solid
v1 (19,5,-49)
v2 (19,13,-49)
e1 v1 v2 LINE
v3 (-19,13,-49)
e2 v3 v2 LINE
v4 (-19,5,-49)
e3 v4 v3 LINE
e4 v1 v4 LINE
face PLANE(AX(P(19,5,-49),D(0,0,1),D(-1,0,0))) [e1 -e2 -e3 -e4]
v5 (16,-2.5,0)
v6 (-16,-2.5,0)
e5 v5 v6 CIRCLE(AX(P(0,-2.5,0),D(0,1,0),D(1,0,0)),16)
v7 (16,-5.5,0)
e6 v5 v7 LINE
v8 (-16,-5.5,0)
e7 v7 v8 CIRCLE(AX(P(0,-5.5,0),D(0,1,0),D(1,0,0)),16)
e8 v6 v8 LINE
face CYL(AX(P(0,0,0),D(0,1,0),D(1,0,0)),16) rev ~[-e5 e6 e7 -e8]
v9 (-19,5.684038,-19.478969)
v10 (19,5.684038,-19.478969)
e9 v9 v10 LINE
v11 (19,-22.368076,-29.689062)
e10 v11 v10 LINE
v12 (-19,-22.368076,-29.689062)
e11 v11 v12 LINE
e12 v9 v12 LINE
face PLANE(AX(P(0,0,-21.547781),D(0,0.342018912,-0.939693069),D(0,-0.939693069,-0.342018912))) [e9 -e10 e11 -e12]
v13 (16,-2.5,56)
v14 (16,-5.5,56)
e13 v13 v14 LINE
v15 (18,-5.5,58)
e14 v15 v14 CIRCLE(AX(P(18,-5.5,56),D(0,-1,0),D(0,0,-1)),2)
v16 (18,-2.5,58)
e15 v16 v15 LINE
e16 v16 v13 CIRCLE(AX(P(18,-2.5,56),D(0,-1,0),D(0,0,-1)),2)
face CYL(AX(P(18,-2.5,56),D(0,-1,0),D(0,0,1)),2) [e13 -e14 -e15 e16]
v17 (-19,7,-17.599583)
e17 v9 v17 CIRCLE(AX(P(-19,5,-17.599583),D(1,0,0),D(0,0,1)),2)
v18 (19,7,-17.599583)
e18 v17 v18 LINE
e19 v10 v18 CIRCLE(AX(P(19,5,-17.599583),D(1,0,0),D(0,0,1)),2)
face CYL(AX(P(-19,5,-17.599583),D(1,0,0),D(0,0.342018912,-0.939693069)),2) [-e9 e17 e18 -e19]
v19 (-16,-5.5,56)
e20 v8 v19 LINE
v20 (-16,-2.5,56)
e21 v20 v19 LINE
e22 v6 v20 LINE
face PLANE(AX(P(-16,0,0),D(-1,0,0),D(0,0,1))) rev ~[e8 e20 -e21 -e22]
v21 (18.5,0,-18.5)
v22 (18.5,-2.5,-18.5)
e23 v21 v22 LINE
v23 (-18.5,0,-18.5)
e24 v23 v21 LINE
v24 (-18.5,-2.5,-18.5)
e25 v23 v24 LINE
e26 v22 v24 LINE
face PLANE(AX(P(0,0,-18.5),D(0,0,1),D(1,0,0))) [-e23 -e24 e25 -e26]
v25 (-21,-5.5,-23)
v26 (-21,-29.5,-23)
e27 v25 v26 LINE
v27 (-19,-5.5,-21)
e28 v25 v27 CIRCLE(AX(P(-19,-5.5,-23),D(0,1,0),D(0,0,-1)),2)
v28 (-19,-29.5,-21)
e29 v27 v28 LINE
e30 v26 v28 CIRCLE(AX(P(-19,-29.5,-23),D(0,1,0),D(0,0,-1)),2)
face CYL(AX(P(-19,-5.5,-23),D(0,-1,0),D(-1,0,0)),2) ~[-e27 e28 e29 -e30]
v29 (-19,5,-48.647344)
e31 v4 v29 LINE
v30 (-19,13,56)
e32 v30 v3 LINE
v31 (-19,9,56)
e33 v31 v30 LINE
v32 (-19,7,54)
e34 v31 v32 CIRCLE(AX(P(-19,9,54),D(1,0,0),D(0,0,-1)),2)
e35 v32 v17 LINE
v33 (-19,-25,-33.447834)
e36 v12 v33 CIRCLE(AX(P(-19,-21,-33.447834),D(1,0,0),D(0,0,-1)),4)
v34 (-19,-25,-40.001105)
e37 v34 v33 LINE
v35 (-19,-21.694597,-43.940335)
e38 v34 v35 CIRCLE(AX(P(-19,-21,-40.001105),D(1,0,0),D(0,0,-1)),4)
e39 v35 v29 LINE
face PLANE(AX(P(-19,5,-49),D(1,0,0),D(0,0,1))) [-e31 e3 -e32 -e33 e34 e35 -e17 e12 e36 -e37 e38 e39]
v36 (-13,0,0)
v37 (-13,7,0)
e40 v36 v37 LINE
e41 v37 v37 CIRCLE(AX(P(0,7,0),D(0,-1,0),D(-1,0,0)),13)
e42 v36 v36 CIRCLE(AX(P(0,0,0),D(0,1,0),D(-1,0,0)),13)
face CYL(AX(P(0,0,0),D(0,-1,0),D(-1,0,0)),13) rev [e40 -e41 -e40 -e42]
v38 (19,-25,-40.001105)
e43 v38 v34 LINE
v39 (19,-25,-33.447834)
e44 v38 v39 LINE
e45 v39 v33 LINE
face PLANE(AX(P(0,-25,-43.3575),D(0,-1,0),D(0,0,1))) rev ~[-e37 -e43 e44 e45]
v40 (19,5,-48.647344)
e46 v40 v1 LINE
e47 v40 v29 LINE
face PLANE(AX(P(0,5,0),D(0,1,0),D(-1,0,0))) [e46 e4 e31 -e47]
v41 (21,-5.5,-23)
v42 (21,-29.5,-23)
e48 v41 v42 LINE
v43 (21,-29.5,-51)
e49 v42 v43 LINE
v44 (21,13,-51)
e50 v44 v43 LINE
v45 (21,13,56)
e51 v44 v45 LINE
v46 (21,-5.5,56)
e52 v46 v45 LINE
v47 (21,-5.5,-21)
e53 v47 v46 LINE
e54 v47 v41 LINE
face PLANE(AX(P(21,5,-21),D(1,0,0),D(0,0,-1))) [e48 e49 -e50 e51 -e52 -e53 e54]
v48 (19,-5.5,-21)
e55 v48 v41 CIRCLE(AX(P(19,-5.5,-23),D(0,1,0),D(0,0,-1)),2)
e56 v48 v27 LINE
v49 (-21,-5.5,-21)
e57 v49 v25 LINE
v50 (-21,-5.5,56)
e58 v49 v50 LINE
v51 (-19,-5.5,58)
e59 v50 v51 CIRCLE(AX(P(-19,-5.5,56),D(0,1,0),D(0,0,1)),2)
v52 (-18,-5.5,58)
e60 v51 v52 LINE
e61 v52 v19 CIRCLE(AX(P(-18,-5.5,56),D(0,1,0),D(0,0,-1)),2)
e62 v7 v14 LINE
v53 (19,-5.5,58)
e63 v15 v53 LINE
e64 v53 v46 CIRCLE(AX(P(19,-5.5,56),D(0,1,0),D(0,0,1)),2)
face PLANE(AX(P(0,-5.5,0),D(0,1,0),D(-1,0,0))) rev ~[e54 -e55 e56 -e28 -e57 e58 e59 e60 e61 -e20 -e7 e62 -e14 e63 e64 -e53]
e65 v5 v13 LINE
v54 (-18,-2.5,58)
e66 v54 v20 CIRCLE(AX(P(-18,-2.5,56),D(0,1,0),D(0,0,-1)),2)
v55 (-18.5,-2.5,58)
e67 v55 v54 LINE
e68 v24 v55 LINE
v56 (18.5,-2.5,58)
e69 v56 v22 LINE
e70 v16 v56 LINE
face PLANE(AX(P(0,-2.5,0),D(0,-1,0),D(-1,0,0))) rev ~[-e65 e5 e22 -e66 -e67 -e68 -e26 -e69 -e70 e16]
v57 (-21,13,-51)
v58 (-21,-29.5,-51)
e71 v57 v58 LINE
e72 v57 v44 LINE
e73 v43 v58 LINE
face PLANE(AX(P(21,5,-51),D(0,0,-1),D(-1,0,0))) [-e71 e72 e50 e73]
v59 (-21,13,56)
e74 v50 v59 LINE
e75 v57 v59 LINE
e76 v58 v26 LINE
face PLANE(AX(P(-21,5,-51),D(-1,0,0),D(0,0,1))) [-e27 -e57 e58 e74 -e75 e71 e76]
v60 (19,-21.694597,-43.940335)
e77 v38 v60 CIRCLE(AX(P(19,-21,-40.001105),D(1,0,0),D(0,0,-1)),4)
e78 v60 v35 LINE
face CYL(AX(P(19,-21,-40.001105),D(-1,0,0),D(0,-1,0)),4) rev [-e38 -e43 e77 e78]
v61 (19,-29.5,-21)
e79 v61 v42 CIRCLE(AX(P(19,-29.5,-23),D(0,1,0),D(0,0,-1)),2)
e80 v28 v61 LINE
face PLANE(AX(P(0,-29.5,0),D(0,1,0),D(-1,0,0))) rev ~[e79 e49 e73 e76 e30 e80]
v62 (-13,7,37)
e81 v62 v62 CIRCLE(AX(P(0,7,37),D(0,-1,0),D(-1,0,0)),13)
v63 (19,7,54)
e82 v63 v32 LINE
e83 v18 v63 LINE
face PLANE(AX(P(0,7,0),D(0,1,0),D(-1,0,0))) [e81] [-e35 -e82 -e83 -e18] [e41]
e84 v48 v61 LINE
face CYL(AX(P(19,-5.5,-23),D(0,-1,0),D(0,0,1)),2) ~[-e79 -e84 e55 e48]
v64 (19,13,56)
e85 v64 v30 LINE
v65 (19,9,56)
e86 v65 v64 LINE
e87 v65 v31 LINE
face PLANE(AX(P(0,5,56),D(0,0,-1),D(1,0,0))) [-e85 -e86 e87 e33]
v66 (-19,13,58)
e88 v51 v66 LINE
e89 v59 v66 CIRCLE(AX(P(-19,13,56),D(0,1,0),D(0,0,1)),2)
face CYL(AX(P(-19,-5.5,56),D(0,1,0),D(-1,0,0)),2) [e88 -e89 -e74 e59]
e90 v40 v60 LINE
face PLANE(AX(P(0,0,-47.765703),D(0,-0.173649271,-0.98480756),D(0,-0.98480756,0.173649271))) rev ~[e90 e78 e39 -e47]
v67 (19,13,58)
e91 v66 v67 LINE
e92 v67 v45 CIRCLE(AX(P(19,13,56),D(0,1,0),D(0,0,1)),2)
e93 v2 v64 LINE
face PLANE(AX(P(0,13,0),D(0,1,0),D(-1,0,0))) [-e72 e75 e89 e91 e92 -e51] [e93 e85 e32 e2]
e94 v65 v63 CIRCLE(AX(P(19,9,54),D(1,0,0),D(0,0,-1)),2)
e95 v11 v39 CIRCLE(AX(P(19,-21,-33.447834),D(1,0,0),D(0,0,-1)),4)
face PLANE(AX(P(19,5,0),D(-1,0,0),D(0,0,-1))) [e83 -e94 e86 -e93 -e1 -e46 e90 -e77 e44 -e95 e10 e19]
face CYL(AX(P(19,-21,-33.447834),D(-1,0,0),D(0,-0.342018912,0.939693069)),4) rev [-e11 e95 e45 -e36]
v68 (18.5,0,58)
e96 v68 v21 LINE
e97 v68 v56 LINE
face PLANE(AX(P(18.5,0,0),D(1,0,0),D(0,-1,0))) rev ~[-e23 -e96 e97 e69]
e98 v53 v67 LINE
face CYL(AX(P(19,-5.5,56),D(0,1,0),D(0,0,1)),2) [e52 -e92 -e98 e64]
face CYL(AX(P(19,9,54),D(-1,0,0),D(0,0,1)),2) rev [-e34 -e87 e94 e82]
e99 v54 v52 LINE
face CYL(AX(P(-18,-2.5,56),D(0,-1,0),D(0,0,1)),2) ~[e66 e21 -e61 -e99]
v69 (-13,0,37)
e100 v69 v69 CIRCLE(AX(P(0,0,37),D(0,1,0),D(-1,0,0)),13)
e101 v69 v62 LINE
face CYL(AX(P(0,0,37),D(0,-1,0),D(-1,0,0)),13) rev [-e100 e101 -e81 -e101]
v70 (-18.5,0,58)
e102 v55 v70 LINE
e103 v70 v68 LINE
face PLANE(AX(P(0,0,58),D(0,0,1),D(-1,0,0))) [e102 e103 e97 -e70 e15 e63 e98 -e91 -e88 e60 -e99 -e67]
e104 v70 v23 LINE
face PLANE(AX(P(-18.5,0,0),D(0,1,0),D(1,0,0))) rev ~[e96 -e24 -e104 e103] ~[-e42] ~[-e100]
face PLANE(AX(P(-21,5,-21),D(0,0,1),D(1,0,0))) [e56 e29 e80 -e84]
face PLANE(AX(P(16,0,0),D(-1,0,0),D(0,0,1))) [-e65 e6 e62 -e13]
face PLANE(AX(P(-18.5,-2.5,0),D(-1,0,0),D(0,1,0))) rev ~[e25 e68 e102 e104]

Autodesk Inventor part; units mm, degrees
ref_plane "YZ Plane" through (0, 0, 0) normal (1, 0, 0) x (0, 1, 0)
ref_plane "XY Plane" through (0, 0, 0) normal (0, 0, 1) x (1, 0, 0)
sketch "Sketch1" plane through (0, 0, 0) normal (0, 1, 0) x (-1, 0, 0)
  line L0 (25.9, 0) -> (-25.9, 0) projected
  line L1 (0, -25.9) -> (0, 25.9) projected
  circle A0 centre (0, 0) radius 18.5 construction
  circle A1 centre (0, 0) radius 13 construction
  dimension "d0" = 37
  dimension "d1" = 26
sketch "Sketch2" plane through (0, 0, 0) normal (0, 1, 0) x (-1, 0, 0)
  line L0 (29.4, 0) -> (-29.4, 0) projected
  line L1 (0, -36.8) -> (0, 73.8) projected
  line L2 (-21, 58) -> (-21, -21)
  line L3 (-21, -21) -> (21, -21)
  line L4 (21, -21) -> (21, 58)
  line L5 (-21, 58) -> (21, 58)
  point P0 (0, 0)
  dimension "d3" = 42
  dimension "d29" = 21
  dimension "d30" = 58
extrude "Extrusion1" add sketch "Sketch2" along normal blind 7
sketch "Sketch6" plane through (0, 0, 0) normal (0, 1, 0) x (-1, 0, 0)
  line L0 (21, -21) -> (-21, -21) projected
  line L1 (21, 58) -> (21, -21) projected
  line L2 (-21, -21) -> (21, -21)
  line L3 (21, -21) -> (21, 58)
  line L4 (-21, 58) -> (-21, -21)
  line L5 (29.4, 0) -> (-29.4, 0) projected
  line L6 (0, -36.3) -> (0, 70.8) projected
  arc A0 (-16, 0) -> (16, 0) centre (0, 0) ccw
  line L7 (16, 0) -> (16, 58)
  line L8 (21, 58) -> (-21, 58) projected
  line L9 (16, 58) -> (21, 58)
  line L10 (-16, 0) -> (-16, 58)
  line L11 (-16, 58) -> (-21, 58)
  point P0 (-17.3617, -21)
  dimension "d18" = 32
extrude "Extrusion5" add sketch "Sketch6" against normal blind 5.5 contours L0 L6 A0 L5 L1 | L0 L4 L5 A0 L6 | L5 L7 L8 L1 | L4 L8 L10 L5
sketch "Sketch4" plane through (0, 0, 0) normal (0, 0, 1) x (1, 0, 0)
  line L0 (-18.5, 0) -> (18.5, 0)
  line L1 (18.5, 0) -> (18.5, -2.5)
  line L2 (18.5, -2.5) -> (-18.5, -2.5)
  line L3 (-18.5, -2.5) -> (-18.5, 0)
  line L4 (-25.9, 0) -> (25.9, 0) projected
  line L5 (0, -3) -> (0, 0.5) projected
  point P0 (0, 0)
  dimension "d10" = 37
  dimension "d11" = 2.5
extrude "Extrusion6" cut sketch "Sketch4" against normal blind 21
sketch "Sketch5" plane through (0, 0, 0) normal (0, 1, 0) x (-1, 0, 0)
  circle A0 centre (0, 0) radius 18.5 construction
  circle A1 centre (0, 0) radius 18.5 construction
  line L0 (25.9, 0) -> (-25.9, 0) projected
  line L1 (0, -28.9) -> (0, 26.4) projected
  line L2 (-18.5, -21) -> (18.5, -21)
  line L3 (18.5, -21) -> (18.5, -18.5)
  line L4 (18.5, -18.5) -> (-18.5, -18.5)
  line L5 (-18.5, -18.5) -> (-18.5, -21)
  dimension "d25" = 37
  dimension "d26" = 21
extrude "Extrusion7" add sketch "Sketch5" against normal blind 2.5
sketch "Sketch7" plane through (0, 0, 0) normal (0, 0, 1) x (1, 0, 0)
  line L0 (-18.5, 0) -> (18.5, 0)
  line L1 (18.5, 0) -> (18.5, -2.5)
  line L2 (18.5, -2.5) -> (-18.5, -2.5)
  line L3 (-18.5, -2.5) -> (-18.5, 0)
  line L4 (16, 0) -> (-16, 0) projected
  line L5 (-25.9, 0) -> (25.9, 0) projected
  line L6 (0, -3) -> (0, 0.5) projected
  dimension "d53" = 2.5
  dimension "d54" = 18.5
extrude "Extrusion8" cut sketch "Sketch7" along normal blind 58
sketch "Sketch8" plane through (0, 0, 0) normal (0, 1, 0) x (-1, 0, 0)
  circle A0 centre (0, 0) radius 13
  dimension "d34" = 26
extrude "Extrusion9" cut sketch "Sketch8" along normal through all
pattern_linear "Rectangular Pattern1" count 2 spacing 37 along (0, 0, 1) of "Extrusion9"
sketch "Sketch9" plane through (0, 7, 0) normal (0, 1, 0) x (1, 0, 0)
  circle A0 centre (0, 0) radius 13
  circle A1 centre (0, 0) radius 15
  dimension "d40" = 26
  dimension "d41" = 30
extrude "Extrusion10" [suppressed]
sketch "Sketch10" plane through (0, 5, 0) normal (0, 1, 0) x (1, 0, 0)
  arc A0 (16, 0) -> (-16, 0) centre (0, 0) ccw projected
  line L0 (1.5, -18) -> (-1.5, -18)
  line L1 (-29.4, 0) -> (29.4, 0) projected
  line L2 (0, 36.3) -> (0, -70.8) projected
  line L3 (1.5, -12) -> (-1.5, -12)
  line L4 (1.5, -12) -> (1.5, -18)
  line L5 (-1.5, -18) -> (-1.5, -12)
  dimension "d48" = 3
  dimension "d49" = 12
  dimension "d50" = 6
extrude "Extrusion11" [suppressed]
ref_plane "Work Plane1" through (0, 5, 0) normal (0, 1, 0) x (-1, 0, 0)
sketch "Sketch12" plane through (0, 5, 0) normal (0, 1, 0) x (-1, 0, 0)
  line L0 (21, 58) -> (21, -21) projected
  line L1 (21, -21) -> (-21, -21)
  line L2 (-21, -21) -> (-21, -51)
  line L3 (-21, -51) -> (21, -51)
  line L4 (21, -51) -> (21, -21)
  point P0 (0, 0)
  dimension "d61" = 42
  dimension "d62" = 30
extrude "Extrusion12" add sketch "Sketch12" against normal blind 34.5
sketch "Sketch13" plane through (0, 0, 0) normal (1, 0, 0) x (0, 1, 0)
  line L0 (-31.4, 0) -> (13.4, 0) projected
  line L1 (0, -62.5) -> (0, 32) projected
  line L2 (7, -19) -> (7, -49)
  line L3 (7, -49) -> (-25, -43.3575)
  line L4 (-25, -43.3575) -> (-25, -30.647)
  line L5 (7, -19) -> (-25, -30.647)
  point P0 (0, 0)
  dimension "d85" = 25
  dimension "d86" = 7
  dimension "d87" = 49
  dimension "d88" = 30
  dimension "d89" = 100
  dimension "d90" = 110
extrude "Extrusion14" cut sketch "Sketch13" along normal mid plane 38
sketch "Sketch14" plane through (0, 5, 0) normal (0, 1, 0) x (-1, 0, 0)
  line L0 (0, -72.3) -> (0, 76.8) projected
  line L1 (19, 56) -> (-19, 56)
  line L2 (-19, 56) -> (-19, -49)
  line L3 (-19, -49) -> (19, -49)
  line L4 (19, -49) -> (19, 56)
  line L5 (21, 58) -> (-21, 58)
  line L6 (-21, 58) -> (-21, -51)
  line L7 (-21, -51) -> (21, -51)
  line L8 (21, -51) -> (21, 58)
  line L9 (29.4, 0) -> (-29.4, 0) projected
  dimension "d91" = 51
  dimension "d92" = 58
  dimension "d93" = 42
  dimension "d94" = 38
  dimension "d95" = 56
  dimension "d96" = 49
extrude "Extrusion15" add sketch "Sketch14" along normal blind 8 contours L7 L6 L9 L2 L3 L0 | L0 L3 L4 L9 L8 L7 | L6 L5 L0 L1 L2 L9 | L9 L4 L1 L0 L5 L8
fillet "Fillet3" radius 2 2 edges at (21, 3.75, 58) (-21, 3.75, 58)
fillet "Fillet4" radius 2 2 edges at (16, -4, 58) (-16, -4, 58)
fillet "Fillet5" radius 2 2 edges at (21, -17.5, -21) (-21, -17.5, -21)
fillet "Fillet6" radius 2 2 edges at (0, 7, 56) (0, 7, -19)
fillet "Fillet7" radius 4 2 edges at (0, -25, -30.647) (0, -25, -43.3575)
properties part number "NespressoSpeedfiller"
